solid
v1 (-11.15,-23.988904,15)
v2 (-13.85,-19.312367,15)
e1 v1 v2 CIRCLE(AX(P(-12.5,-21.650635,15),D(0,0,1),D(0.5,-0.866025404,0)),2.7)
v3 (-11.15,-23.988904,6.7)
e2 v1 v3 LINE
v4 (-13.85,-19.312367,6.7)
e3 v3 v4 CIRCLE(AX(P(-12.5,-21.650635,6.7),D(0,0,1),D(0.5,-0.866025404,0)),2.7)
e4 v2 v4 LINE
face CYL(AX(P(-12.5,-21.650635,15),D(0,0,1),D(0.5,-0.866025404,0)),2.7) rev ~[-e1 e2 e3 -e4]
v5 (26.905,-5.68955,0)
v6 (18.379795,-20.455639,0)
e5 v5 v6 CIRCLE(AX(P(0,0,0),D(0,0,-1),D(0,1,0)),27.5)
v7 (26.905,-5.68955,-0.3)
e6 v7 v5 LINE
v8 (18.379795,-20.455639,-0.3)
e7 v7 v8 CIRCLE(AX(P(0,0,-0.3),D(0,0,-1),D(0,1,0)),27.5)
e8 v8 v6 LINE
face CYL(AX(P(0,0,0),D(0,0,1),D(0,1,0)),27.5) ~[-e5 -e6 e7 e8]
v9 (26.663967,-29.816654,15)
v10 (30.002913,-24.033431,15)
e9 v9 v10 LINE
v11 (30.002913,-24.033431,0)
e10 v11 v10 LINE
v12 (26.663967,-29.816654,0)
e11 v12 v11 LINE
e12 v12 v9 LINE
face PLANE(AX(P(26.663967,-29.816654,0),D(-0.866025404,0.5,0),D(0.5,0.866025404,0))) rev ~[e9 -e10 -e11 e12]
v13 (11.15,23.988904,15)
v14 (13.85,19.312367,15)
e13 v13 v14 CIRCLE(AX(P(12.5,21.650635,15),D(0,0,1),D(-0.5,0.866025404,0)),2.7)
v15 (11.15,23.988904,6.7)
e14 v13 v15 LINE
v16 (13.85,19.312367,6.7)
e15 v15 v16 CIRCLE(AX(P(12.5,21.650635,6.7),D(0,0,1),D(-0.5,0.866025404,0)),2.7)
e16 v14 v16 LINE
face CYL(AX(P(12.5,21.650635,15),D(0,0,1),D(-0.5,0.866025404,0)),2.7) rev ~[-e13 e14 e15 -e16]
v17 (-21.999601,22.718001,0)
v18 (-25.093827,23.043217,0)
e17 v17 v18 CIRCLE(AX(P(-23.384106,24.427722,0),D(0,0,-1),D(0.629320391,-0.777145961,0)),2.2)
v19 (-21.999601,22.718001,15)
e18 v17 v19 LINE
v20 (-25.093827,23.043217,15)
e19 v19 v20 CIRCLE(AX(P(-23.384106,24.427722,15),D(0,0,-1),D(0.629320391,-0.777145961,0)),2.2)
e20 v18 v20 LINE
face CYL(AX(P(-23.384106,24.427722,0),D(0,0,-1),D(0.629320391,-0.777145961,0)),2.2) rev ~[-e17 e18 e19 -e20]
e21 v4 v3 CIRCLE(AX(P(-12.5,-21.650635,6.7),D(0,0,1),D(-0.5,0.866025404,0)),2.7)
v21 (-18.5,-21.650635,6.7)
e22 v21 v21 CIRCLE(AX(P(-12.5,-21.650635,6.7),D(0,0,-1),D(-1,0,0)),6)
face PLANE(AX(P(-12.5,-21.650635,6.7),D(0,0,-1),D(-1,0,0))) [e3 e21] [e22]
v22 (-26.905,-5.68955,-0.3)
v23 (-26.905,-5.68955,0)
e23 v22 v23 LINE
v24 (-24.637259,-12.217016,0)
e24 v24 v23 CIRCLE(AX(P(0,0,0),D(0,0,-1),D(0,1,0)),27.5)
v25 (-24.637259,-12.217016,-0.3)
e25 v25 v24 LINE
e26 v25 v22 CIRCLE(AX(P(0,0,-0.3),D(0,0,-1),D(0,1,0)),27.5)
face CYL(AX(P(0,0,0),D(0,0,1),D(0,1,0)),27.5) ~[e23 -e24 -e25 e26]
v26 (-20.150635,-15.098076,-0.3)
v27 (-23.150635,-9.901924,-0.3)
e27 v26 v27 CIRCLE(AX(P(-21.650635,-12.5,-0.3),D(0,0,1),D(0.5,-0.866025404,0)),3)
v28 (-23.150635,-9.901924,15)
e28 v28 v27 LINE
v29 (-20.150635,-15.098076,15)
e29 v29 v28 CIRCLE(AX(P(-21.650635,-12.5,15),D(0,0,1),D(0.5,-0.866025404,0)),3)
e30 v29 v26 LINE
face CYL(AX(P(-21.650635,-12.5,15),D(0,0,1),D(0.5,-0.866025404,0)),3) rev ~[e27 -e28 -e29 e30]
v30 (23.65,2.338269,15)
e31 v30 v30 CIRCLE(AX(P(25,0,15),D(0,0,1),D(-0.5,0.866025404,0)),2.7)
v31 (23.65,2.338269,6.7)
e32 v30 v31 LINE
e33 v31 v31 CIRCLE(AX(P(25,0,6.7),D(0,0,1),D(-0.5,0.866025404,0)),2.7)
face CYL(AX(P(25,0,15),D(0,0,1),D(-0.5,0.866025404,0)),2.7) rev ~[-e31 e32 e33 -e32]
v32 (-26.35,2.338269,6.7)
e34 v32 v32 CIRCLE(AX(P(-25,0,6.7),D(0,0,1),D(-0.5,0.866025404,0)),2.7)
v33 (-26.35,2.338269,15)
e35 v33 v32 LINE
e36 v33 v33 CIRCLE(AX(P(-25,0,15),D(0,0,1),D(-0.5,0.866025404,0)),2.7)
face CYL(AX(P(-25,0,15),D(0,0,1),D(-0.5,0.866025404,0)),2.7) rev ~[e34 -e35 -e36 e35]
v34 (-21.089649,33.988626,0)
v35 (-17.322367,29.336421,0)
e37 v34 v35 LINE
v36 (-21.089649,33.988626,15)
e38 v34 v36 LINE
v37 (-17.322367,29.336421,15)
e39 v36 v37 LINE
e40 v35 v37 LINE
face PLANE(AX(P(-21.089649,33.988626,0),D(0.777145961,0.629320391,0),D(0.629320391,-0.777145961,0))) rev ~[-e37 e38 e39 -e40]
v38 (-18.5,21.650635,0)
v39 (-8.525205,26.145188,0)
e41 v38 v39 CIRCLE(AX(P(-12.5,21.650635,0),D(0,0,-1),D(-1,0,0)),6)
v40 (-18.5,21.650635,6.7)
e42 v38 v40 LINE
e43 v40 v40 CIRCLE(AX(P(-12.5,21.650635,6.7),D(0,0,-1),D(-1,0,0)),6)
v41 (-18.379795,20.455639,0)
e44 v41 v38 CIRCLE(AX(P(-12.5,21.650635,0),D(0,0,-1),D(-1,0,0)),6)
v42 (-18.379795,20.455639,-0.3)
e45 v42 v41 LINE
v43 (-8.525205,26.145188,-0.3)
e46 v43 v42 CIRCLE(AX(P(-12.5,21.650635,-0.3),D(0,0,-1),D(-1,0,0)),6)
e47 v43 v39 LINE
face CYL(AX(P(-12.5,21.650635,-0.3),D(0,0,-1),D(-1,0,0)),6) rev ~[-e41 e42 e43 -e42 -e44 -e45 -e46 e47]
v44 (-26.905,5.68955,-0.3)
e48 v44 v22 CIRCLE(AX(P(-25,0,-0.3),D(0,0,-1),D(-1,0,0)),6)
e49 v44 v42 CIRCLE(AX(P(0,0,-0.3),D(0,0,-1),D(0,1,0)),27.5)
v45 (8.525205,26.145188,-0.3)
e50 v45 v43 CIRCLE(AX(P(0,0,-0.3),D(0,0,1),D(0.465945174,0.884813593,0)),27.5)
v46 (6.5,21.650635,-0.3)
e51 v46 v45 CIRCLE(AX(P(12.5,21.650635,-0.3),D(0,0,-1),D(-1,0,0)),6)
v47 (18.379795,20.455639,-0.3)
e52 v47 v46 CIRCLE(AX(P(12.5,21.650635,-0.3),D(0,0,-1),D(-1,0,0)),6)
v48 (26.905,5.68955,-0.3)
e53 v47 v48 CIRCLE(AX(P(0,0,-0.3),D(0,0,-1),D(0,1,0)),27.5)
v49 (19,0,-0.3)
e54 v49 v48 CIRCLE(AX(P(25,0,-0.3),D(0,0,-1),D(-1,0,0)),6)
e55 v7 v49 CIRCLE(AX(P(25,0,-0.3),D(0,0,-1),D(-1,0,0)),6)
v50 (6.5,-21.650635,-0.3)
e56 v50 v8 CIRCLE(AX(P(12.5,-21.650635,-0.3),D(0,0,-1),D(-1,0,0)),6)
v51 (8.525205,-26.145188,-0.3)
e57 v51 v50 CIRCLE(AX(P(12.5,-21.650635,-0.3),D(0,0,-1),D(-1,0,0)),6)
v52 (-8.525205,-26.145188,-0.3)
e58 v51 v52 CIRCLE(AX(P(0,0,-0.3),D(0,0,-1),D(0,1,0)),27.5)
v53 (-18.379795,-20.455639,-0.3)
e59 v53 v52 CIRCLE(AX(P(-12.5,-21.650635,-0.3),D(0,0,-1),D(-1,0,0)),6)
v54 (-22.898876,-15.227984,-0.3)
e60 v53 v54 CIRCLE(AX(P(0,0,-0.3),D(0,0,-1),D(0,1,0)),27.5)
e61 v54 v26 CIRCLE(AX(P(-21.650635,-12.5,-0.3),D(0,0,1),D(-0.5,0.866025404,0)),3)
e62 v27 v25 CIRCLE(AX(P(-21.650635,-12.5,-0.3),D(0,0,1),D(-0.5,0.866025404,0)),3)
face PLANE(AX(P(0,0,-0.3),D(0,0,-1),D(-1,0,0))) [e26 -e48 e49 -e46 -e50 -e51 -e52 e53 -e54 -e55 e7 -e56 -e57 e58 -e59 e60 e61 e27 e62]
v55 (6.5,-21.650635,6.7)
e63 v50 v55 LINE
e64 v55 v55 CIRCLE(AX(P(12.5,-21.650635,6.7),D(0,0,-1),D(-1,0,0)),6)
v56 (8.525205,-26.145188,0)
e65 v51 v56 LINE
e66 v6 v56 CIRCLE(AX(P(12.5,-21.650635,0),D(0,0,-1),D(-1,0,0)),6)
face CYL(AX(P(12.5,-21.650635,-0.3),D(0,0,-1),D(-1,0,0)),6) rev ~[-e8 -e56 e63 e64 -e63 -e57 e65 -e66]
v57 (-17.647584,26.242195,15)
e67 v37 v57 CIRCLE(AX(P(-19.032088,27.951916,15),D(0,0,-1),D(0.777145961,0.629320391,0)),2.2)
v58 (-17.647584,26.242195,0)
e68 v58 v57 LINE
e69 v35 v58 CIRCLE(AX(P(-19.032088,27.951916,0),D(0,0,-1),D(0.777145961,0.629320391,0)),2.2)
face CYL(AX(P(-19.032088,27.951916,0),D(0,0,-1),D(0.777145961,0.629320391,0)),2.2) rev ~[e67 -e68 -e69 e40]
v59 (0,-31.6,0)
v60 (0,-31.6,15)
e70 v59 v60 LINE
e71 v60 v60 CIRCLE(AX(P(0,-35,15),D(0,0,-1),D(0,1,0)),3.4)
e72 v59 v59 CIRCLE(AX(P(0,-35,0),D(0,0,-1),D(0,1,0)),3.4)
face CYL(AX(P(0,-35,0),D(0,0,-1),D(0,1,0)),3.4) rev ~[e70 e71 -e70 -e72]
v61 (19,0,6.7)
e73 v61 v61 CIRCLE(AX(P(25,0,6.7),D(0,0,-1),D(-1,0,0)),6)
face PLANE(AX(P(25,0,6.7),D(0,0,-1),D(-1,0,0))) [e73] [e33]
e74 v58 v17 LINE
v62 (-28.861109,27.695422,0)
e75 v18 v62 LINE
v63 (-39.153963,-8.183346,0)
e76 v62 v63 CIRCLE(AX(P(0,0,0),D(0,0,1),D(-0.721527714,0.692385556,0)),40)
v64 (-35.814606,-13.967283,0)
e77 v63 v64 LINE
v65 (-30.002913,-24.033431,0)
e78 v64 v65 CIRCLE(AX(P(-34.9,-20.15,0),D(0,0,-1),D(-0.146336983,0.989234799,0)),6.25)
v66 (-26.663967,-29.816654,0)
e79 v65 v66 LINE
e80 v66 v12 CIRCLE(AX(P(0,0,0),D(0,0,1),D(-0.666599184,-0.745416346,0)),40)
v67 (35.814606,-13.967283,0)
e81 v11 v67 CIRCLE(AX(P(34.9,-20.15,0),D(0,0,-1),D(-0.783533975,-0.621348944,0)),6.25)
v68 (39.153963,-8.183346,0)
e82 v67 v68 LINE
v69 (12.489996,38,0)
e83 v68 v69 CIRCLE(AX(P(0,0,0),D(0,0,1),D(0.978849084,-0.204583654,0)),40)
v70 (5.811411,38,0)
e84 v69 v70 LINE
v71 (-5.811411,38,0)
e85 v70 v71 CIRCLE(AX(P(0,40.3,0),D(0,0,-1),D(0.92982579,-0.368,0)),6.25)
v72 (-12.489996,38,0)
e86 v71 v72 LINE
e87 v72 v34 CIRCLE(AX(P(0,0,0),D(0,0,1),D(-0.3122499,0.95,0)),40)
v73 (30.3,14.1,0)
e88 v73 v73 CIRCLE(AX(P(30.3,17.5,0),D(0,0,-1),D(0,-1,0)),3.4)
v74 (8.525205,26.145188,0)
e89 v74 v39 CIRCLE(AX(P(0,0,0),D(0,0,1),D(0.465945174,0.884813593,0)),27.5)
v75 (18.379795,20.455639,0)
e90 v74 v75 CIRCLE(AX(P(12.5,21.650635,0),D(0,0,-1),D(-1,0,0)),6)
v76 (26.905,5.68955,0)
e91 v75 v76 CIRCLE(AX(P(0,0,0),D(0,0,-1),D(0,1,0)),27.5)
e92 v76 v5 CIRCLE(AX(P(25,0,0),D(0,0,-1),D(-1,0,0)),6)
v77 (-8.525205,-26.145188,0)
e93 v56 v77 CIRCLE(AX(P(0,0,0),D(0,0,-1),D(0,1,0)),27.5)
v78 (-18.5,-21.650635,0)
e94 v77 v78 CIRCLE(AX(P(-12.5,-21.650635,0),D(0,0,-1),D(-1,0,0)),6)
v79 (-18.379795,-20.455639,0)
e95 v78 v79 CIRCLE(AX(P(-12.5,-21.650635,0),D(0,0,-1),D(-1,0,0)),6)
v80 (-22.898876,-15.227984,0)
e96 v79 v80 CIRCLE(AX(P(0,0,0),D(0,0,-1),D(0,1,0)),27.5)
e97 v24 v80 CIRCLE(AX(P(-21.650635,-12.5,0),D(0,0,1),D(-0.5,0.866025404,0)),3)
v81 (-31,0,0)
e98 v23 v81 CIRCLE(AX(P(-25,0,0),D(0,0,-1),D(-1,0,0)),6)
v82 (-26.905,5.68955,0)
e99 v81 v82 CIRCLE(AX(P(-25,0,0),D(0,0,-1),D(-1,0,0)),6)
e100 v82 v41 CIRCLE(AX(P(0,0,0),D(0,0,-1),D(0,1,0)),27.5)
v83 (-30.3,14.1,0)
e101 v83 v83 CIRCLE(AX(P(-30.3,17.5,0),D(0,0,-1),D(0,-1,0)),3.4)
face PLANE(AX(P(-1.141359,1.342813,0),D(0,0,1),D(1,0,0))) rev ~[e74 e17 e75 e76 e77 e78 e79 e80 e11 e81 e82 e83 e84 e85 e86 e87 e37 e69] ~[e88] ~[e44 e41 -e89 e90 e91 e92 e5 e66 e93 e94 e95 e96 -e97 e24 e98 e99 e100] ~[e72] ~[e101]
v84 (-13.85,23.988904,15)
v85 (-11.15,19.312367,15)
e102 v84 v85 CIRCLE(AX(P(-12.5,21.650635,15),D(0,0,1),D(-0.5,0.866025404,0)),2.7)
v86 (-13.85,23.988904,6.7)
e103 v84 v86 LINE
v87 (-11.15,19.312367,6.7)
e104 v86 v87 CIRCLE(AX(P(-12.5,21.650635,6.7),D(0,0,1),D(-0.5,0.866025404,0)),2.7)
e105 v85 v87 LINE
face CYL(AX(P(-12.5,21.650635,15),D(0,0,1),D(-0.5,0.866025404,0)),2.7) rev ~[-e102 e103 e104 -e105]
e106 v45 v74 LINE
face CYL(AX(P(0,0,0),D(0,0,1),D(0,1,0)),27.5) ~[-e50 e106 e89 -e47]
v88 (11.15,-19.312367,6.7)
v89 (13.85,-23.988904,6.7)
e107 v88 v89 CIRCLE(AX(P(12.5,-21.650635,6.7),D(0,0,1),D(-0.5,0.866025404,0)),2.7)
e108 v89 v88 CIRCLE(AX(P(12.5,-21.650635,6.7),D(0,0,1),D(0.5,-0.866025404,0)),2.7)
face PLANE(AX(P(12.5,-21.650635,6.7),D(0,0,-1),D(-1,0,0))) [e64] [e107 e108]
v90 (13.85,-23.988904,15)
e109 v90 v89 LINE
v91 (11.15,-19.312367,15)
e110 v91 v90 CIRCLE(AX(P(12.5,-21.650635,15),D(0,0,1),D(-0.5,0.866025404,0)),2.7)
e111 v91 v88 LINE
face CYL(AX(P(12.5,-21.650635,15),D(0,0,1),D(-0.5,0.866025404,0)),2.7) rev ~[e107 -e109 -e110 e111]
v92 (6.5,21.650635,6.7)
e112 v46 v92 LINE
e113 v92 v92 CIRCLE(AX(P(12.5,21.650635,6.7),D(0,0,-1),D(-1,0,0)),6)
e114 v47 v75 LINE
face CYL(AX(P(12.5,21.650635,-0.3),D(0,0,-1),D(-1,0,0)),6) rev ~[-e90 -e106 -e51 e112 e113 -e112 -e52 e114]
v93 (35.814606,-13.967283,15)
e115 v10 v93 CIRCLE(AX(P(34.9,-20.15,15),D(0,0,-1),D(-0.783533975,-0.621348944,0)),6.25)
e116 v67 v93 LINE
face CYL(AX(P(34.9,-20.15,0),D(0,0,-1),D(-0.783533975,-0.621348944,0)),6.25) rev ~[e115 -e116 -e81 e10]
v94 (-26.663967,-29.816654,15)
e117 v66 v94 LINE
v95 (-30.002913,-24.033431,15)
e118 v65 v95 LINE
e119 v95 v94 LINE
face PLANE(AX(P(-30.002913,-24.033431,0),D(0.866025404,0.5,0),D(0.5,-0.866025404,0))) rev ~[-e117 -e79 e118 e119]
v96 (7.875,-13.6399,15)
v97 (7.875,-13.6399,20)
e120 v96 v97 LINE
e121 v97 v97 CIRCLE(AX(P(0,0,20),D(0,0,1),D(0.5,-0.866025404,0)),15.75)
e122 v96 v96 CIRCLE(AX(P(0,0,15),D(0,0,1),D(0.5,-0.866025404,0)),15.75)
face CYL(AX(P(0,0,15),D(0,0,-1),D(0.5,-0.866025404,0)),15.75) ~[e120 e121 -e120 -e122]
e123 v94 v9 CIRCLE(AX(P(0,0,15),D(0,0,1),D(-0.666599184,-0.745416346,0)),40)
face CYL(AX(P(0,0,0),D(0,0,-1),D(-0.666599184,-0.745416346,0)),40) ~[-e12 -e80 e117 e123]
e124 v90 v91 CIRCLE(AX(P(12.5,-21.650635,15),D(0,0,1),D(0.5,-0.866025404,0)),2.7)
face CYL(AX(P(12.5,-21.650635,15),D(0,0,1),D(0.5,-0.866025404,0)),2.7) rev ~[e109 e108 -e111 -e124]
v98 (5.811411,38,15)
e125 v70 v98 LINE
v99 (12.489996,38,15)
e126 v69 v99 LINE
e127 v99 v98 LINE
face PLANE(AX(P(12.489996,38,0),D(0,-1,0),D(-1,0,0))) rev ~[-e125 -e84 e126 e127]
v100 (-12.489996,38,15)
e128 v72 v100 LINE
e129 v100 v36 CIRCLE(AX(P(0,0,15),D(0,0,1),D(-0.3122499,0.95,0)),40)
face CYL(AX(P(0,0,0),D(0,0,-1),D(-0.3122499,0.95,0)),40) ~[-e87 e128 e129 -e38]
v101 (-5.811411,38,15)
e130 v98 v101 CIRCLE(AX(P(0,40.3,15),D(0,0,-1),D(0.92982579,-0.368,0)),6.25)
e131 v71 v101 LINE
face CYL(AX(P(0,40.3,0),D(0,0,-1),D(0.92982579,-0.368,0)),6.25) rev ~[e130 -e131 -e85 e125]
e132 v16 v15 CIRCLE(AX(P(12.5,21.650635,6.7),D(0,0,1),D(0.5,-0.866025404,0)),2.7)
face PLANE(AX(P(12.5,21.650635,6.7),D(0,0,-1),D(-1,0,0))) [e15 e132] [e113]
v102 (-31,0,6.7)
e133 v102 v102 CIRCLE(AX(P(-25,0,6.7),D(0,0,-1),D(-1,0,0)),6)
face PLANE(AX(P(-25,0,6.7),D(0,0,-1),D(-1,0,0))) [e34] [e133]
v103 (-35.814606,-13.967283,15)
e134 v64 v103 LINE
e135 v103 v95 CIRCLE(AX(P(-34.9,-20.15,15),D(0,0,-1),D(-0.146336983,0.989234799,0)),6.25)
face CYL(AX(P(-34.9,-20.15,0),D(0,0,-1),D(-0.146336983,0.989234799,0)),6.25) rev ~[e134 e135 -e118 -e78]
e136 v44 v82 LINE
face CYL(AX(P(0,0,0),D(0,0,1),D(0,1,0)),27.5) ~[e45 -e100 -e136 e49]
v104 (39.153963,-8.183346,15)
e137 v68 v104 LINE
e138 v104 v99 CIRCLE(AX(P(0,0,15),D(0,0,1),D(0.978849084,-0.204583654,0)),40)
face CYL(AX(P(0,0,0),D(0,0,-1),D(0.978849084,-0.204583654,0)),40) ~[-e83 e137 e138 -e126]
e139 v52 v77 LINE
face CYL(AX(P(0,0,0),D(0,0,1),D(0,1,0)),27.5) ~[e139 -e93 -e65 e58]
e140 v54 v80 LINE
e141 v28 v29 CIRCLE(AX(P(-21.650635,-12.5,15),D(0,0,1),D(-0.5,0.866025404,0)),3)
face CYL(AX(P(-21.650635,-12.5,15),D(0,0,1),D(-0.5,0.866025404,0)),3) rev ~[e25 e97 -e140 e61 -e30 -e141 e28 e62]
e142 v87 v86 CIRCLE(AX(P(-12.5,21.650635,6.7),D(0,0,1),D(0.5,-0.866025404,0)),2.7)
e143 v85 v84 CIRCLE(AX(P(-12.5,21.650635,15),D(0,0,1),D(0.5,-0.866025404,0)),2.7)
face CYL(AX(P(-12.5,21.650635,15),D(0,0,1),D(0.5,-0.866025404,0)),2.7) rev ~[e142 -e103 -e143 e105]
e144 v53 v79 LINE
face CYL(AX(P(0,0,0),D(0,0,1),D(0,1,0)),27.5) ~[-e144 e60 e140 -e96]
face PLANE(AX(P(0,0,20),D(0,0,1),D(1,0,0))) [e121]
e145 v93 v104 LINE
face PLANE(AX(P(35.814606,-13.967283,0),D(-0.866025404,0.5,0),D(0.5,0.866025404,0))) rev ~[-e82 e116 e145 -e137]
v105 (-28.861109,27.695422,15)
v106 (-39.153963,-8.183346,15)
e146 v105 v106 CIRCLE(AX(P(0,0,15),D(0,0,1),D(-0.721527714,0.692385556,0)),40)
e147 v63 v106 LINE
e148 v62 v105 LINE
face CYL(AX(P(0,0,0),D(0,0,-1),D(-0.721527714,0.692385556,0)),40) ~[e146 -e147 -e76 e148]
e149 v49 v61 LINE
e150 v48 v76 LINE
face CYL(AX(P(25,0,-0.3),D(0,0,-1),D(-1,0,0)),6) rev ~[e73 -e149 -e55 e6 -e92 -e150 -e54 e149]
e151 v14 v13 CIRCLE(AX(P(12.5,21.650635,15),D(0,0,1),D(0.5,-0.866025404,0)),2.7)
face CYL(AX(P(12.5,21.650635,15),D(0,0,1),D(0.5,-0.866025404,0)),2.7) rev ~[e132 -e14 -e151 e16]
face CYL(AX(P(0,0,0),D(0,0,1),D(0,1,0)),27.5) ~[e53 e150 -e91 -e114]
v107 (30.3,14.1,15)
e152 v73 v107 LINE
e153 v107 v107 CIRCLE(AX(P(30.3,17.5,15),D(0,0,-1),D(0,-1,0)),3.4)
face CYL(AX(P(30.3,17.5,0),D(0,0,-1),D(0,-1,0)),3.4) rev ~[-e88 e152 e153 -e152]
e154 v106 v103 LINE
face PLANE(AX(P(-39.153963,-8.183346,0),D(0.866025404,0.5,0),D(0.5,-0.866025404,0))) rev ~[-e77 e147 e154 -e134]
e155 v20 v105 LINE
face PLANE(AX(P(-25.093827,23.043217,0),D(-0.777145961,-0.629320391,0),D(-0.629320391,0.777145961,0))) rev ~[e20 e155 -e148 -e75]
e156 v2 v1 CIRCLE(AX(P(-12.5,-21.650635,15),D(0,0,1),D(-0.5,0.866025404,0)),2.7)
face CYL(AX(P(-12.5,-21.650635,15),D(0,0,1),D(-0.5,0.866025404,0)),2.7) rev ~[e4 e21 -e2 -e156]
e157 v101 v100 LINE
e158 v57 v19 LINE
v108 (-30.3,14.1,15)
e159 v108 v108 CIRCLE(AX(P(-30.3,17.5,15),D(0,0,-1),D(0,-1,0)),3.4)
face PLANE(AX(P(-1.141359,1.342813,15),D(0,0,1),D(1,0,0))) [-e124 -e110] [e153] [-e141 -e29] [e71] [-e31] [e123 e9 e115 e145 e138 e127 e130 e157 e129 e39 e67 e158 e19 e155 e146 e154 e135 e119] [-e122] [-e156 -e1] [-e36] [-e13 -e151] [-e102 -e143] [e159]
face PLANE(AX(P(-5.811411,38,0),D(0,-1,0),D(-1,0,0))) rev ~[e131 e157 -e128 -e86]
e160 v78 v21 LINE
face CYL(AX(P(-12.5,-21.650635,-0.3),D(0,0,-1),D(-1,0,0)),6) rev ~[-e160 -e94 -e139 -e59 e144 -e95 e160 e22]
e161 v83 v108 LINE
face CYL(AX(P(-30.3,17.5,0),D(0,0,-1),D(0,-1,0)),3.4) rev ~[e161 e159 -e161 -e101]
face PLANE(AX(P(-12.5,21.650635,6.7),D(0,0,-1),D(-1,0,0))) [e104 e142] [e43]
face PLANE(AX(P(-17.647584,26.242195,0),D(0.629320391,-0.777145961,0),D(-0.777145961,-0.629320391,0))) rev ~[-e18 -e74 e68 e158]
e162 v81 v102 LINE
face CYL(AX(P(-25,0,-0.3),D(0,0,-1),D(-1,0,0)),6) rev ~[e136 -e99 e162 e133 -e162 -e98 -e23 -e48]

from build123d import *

# Parameters (mm, degrees)
ESTRUSIONE_ESTRUSIONE1_DEPTH = 15
ESTRUSIONE_ESTRUSIONE5_DEPTH = 0.3
TAGLIO_ESTRUSIONE1_DEPTH     = 16.3
TAGLIO_ESTRUSIONE2_DEPTH     = 16
ESTRUSIONE_ESTRUSIONE2_DEPTH = 5
SCHIZZO7_R                   = 6
TAGLIO_ESTRUSIONE3_DEPTH     = 7


with BuildPart() as part:
    # Schizzo1 → Estrusione-Estrusione1 (new body)
    with BuildSketch(Plane.XY):
        with BuildLine():
            Line((-5.811411188, 38), (-12.489995997, 38))
            ThreePointArc((-12.489995997, 38), (-16.909196271, 36.250228709), (-21.089648938, 33.988626151))
            Line((-21.089648938, 33.988626151), (-17.322367371, 29.336420856))
            ThreePointArc((-17.322367371, 29.336420856), (-16.844140316, 27.721953377), (-17.647583626, 26.242194881))
            Line((-17.647583626, 26.242194881), (-21.99960101, 22.718000691))
            ThreePointArc((-21.99960101, 22.718000691), (-23.61406849, 22.239773636), (-25.093826986, 23.043216946))
            Line((-25.093826986, 23.043216946), (-28.861108553, 27.695422241))
            ThreePointArc((-28.861108553, 27.695422241), (-38.449109313, 11.03023087), (-39.153963342, -8.183346174))
            Line((-39.153963342, -8.183346174), (-35.814606143, -13.967282507))
            ThreePointArc((-35.814606143, -13.967282507), (-29.487341226, -17.025), (-30.002912658, -24.033430901))
            Line((-30.002912658, -24.033430901), (-26.663967345, -29.816653826))
            ThreePointArc((-26.663967345, -29.816653826), (0, -40), (26.663967345, -29.816653826))
            Line((26.663967345, -29.816653826), (30.002912658, -24.033430901))
            ThreePointArc((30.002912658, -24.033430901), (29.487341226, -17.025), (35.814606143, -13.967282507))
            Line((35.814606143, -13.967282507), (39.153963342, -8.183346174))
            ThreePointArc((39.153963342, -8.183346174), (34.641016151, 20), (12.489995997, 38))
            Line((12.489995997, 38), (5.811411188, 38))
            ThreePointArc((5.811411188, 38), (0, 34.05), (-5.811411188, 38))
        make_face()
    extrude(amount=ESTRUSIONE_ESTRUSIONE1_DEPTH)

    # Schizzo5 → Estrusione-Estrusione5 (add)
    with BuildSketch(Plane(origin=(0, 0, 0), x_dir=(-1, 0, 0), z_dir=(0, 0, -1))):
        with BuildLine():
            ThreePointArc((0, -27.5), (27.5, 0), (0, 27.5))
            ThreePointArc((0, 27.5), (-27.5, 0), (0, -27.5))
        make_face()
    extrude(amount=ESTRUSIONE_ESTRUSIONE5_DEPTH)

    # Schizzo2 → Taglio-Estrusione1 (cut, through all)
    with BuildSketch(Plane.XY.offset(15)):
        with BuildLine():
            ThreePointArc((-23.150635095, -9.901923789), (-24.248711306, -14), (-20.150635095, -15.098076211))
            ThreePointArc((-20.150635095, -15.098076211), (-19.052558883, -11), (-23.150635095, -9.901923789))
        make_face()
        with BuildLine():
            ThreePointArc((-11.15, 19.312366504), (-10.16173141, 23.000635095), (-13.85, 23.988903685))
            ThreePointArc((-13.85, 23.988903685), (-14.83826859, 20.300635095), (-11.15, 19.312366504))
        make_face()
        with BuildLine():
            ThreePointArc((11.15, 23.988903685), (10.16173141, 20.300635095), (13.85, 19.312366504))
            ThreePointArc((13.85, 19.312366504), (14.83826859, 23.000635095), (11.15, 23.988903685))
        make_face()
        with BuildLine():
            ThreePointArc((26.35, -2.33826859), (27.33826859, 1.35), (23.65, 2.33826859))
            ThreePointArc((23.65, 2.33826859), (22.66173141, -1.35), (26.35, -2.33826859))
        make_face()
        with BuildLine():
            ThreePointArc((13.85, -23.988903685), (14.83826859, -20.300635095), (11.15, -19.312366504))
            ThreePointArc((11.15, -19.312366504), (10.16173141, -23.000635095), (13.85, -23.988903685))
        make_face()
        with BuildLine():
            ThreePointArc((-11.15, -23.988903685), (-10.16173141, -20.300635095), (-13.85, -19.312366504))
            ThreePointArc((-13.85, -19.312366504), (-14.83826859, -23.000635095), (-11.15, -23.988903685))
        make_face()
        with BuildLine():
            ThreePointArc((-23.65, -2.33826859), (-22.66173141, 1.35), (-26.35, 2.33826859))
            ThreePointArc((-26.35, 2.33826859), (-27.33826859, -1.35), (-23.65, -2.33826859))
        make_face()
    extrude(amount=-TAGLIO_ESTRUSIONE1_DEPTH, mode=Mode.SUBTRACT)

    # Schizzo3 → Taglio-Estrusione2 (cut, through all)
    with BuildSketch(Plane(origin=(0, 0, 0), x_dir=(-1, 0, 0), z_dir=(0, 0, -1))):
        with BuildLine():
            ThreePointArc((30.3, 20.9), (26.9, 17.5), (30.3, 14.1))
            ThreePointArc((30.3, 14.1), (33.7, 17.5), (30.3, 20.9))
        make_face()
        with BuildLine():
            ThreePointArc((0, -38.4), (3.4, -35), (0, -31.6))
            ThreePointArc((0, -31.6), (-3.4, -35), (0, -38.4))
        make_face()
        with BuildLine():
            ThreePointArc((-30.3, 20.9), (-33.7, 17.5), (-30.3, 14.1))
            ThreePointArc((-30.3, 14.1), (-26.9, 17.5), (-30.3, 20.9))
        make_face()
    extrude(amount=-TAGLIO_ESTRUSIONE2_DEPTH, mode=Mode.SUBTRACT)

    # Schizzo4 → Estrusione-Estrusione2 (add)
    with BuildSketch(Plane.XY.offset(15)):
        with BuildLine():
            ThreePointArc((-7.875, 13.63990011), (-13.63990011, -7.875), (7.875, -13.63990011))
            ThreePointArc((7.875, -13.63990011), (13.63990011, 7.875), (-7.875, 13.63990011))
        make_face()
    extrude(amount=ESTRUSIONE_ESTRUSIONE2_DEPTH)

    # Schizzo7 → Taglio-Estrusione3 (cut)
    with BuildSketch(Plane(origin=(0, 0, -0.3), x_dir=(-1, 0, 0), z_dir=(0, 0, -1))):
        with Locations((-12.5, 21.650635095)):
            Circle(SCHIZZO7_R)
        with Locations((12.5, 21.650635095)):
            Circle(SCHIZZO7_R)
        with Locations((25, 0)):
            Circle(SCHIZZO7_R)
        with Locations((12.5, -21.650635095)):
            Circle(SCHIZZO7_R)
        with Locations((-12.5, -21.650635095)):
            Circle(SCHIZZO7_R)
        with Locations((-25, 0)):
            Circle(SCHIZZO7_R)
    extrude(amount=-TAGLIO_ESTRUSIONE3_DEPTH, mode=Mode.SUBTRACT)


solid = part.part
